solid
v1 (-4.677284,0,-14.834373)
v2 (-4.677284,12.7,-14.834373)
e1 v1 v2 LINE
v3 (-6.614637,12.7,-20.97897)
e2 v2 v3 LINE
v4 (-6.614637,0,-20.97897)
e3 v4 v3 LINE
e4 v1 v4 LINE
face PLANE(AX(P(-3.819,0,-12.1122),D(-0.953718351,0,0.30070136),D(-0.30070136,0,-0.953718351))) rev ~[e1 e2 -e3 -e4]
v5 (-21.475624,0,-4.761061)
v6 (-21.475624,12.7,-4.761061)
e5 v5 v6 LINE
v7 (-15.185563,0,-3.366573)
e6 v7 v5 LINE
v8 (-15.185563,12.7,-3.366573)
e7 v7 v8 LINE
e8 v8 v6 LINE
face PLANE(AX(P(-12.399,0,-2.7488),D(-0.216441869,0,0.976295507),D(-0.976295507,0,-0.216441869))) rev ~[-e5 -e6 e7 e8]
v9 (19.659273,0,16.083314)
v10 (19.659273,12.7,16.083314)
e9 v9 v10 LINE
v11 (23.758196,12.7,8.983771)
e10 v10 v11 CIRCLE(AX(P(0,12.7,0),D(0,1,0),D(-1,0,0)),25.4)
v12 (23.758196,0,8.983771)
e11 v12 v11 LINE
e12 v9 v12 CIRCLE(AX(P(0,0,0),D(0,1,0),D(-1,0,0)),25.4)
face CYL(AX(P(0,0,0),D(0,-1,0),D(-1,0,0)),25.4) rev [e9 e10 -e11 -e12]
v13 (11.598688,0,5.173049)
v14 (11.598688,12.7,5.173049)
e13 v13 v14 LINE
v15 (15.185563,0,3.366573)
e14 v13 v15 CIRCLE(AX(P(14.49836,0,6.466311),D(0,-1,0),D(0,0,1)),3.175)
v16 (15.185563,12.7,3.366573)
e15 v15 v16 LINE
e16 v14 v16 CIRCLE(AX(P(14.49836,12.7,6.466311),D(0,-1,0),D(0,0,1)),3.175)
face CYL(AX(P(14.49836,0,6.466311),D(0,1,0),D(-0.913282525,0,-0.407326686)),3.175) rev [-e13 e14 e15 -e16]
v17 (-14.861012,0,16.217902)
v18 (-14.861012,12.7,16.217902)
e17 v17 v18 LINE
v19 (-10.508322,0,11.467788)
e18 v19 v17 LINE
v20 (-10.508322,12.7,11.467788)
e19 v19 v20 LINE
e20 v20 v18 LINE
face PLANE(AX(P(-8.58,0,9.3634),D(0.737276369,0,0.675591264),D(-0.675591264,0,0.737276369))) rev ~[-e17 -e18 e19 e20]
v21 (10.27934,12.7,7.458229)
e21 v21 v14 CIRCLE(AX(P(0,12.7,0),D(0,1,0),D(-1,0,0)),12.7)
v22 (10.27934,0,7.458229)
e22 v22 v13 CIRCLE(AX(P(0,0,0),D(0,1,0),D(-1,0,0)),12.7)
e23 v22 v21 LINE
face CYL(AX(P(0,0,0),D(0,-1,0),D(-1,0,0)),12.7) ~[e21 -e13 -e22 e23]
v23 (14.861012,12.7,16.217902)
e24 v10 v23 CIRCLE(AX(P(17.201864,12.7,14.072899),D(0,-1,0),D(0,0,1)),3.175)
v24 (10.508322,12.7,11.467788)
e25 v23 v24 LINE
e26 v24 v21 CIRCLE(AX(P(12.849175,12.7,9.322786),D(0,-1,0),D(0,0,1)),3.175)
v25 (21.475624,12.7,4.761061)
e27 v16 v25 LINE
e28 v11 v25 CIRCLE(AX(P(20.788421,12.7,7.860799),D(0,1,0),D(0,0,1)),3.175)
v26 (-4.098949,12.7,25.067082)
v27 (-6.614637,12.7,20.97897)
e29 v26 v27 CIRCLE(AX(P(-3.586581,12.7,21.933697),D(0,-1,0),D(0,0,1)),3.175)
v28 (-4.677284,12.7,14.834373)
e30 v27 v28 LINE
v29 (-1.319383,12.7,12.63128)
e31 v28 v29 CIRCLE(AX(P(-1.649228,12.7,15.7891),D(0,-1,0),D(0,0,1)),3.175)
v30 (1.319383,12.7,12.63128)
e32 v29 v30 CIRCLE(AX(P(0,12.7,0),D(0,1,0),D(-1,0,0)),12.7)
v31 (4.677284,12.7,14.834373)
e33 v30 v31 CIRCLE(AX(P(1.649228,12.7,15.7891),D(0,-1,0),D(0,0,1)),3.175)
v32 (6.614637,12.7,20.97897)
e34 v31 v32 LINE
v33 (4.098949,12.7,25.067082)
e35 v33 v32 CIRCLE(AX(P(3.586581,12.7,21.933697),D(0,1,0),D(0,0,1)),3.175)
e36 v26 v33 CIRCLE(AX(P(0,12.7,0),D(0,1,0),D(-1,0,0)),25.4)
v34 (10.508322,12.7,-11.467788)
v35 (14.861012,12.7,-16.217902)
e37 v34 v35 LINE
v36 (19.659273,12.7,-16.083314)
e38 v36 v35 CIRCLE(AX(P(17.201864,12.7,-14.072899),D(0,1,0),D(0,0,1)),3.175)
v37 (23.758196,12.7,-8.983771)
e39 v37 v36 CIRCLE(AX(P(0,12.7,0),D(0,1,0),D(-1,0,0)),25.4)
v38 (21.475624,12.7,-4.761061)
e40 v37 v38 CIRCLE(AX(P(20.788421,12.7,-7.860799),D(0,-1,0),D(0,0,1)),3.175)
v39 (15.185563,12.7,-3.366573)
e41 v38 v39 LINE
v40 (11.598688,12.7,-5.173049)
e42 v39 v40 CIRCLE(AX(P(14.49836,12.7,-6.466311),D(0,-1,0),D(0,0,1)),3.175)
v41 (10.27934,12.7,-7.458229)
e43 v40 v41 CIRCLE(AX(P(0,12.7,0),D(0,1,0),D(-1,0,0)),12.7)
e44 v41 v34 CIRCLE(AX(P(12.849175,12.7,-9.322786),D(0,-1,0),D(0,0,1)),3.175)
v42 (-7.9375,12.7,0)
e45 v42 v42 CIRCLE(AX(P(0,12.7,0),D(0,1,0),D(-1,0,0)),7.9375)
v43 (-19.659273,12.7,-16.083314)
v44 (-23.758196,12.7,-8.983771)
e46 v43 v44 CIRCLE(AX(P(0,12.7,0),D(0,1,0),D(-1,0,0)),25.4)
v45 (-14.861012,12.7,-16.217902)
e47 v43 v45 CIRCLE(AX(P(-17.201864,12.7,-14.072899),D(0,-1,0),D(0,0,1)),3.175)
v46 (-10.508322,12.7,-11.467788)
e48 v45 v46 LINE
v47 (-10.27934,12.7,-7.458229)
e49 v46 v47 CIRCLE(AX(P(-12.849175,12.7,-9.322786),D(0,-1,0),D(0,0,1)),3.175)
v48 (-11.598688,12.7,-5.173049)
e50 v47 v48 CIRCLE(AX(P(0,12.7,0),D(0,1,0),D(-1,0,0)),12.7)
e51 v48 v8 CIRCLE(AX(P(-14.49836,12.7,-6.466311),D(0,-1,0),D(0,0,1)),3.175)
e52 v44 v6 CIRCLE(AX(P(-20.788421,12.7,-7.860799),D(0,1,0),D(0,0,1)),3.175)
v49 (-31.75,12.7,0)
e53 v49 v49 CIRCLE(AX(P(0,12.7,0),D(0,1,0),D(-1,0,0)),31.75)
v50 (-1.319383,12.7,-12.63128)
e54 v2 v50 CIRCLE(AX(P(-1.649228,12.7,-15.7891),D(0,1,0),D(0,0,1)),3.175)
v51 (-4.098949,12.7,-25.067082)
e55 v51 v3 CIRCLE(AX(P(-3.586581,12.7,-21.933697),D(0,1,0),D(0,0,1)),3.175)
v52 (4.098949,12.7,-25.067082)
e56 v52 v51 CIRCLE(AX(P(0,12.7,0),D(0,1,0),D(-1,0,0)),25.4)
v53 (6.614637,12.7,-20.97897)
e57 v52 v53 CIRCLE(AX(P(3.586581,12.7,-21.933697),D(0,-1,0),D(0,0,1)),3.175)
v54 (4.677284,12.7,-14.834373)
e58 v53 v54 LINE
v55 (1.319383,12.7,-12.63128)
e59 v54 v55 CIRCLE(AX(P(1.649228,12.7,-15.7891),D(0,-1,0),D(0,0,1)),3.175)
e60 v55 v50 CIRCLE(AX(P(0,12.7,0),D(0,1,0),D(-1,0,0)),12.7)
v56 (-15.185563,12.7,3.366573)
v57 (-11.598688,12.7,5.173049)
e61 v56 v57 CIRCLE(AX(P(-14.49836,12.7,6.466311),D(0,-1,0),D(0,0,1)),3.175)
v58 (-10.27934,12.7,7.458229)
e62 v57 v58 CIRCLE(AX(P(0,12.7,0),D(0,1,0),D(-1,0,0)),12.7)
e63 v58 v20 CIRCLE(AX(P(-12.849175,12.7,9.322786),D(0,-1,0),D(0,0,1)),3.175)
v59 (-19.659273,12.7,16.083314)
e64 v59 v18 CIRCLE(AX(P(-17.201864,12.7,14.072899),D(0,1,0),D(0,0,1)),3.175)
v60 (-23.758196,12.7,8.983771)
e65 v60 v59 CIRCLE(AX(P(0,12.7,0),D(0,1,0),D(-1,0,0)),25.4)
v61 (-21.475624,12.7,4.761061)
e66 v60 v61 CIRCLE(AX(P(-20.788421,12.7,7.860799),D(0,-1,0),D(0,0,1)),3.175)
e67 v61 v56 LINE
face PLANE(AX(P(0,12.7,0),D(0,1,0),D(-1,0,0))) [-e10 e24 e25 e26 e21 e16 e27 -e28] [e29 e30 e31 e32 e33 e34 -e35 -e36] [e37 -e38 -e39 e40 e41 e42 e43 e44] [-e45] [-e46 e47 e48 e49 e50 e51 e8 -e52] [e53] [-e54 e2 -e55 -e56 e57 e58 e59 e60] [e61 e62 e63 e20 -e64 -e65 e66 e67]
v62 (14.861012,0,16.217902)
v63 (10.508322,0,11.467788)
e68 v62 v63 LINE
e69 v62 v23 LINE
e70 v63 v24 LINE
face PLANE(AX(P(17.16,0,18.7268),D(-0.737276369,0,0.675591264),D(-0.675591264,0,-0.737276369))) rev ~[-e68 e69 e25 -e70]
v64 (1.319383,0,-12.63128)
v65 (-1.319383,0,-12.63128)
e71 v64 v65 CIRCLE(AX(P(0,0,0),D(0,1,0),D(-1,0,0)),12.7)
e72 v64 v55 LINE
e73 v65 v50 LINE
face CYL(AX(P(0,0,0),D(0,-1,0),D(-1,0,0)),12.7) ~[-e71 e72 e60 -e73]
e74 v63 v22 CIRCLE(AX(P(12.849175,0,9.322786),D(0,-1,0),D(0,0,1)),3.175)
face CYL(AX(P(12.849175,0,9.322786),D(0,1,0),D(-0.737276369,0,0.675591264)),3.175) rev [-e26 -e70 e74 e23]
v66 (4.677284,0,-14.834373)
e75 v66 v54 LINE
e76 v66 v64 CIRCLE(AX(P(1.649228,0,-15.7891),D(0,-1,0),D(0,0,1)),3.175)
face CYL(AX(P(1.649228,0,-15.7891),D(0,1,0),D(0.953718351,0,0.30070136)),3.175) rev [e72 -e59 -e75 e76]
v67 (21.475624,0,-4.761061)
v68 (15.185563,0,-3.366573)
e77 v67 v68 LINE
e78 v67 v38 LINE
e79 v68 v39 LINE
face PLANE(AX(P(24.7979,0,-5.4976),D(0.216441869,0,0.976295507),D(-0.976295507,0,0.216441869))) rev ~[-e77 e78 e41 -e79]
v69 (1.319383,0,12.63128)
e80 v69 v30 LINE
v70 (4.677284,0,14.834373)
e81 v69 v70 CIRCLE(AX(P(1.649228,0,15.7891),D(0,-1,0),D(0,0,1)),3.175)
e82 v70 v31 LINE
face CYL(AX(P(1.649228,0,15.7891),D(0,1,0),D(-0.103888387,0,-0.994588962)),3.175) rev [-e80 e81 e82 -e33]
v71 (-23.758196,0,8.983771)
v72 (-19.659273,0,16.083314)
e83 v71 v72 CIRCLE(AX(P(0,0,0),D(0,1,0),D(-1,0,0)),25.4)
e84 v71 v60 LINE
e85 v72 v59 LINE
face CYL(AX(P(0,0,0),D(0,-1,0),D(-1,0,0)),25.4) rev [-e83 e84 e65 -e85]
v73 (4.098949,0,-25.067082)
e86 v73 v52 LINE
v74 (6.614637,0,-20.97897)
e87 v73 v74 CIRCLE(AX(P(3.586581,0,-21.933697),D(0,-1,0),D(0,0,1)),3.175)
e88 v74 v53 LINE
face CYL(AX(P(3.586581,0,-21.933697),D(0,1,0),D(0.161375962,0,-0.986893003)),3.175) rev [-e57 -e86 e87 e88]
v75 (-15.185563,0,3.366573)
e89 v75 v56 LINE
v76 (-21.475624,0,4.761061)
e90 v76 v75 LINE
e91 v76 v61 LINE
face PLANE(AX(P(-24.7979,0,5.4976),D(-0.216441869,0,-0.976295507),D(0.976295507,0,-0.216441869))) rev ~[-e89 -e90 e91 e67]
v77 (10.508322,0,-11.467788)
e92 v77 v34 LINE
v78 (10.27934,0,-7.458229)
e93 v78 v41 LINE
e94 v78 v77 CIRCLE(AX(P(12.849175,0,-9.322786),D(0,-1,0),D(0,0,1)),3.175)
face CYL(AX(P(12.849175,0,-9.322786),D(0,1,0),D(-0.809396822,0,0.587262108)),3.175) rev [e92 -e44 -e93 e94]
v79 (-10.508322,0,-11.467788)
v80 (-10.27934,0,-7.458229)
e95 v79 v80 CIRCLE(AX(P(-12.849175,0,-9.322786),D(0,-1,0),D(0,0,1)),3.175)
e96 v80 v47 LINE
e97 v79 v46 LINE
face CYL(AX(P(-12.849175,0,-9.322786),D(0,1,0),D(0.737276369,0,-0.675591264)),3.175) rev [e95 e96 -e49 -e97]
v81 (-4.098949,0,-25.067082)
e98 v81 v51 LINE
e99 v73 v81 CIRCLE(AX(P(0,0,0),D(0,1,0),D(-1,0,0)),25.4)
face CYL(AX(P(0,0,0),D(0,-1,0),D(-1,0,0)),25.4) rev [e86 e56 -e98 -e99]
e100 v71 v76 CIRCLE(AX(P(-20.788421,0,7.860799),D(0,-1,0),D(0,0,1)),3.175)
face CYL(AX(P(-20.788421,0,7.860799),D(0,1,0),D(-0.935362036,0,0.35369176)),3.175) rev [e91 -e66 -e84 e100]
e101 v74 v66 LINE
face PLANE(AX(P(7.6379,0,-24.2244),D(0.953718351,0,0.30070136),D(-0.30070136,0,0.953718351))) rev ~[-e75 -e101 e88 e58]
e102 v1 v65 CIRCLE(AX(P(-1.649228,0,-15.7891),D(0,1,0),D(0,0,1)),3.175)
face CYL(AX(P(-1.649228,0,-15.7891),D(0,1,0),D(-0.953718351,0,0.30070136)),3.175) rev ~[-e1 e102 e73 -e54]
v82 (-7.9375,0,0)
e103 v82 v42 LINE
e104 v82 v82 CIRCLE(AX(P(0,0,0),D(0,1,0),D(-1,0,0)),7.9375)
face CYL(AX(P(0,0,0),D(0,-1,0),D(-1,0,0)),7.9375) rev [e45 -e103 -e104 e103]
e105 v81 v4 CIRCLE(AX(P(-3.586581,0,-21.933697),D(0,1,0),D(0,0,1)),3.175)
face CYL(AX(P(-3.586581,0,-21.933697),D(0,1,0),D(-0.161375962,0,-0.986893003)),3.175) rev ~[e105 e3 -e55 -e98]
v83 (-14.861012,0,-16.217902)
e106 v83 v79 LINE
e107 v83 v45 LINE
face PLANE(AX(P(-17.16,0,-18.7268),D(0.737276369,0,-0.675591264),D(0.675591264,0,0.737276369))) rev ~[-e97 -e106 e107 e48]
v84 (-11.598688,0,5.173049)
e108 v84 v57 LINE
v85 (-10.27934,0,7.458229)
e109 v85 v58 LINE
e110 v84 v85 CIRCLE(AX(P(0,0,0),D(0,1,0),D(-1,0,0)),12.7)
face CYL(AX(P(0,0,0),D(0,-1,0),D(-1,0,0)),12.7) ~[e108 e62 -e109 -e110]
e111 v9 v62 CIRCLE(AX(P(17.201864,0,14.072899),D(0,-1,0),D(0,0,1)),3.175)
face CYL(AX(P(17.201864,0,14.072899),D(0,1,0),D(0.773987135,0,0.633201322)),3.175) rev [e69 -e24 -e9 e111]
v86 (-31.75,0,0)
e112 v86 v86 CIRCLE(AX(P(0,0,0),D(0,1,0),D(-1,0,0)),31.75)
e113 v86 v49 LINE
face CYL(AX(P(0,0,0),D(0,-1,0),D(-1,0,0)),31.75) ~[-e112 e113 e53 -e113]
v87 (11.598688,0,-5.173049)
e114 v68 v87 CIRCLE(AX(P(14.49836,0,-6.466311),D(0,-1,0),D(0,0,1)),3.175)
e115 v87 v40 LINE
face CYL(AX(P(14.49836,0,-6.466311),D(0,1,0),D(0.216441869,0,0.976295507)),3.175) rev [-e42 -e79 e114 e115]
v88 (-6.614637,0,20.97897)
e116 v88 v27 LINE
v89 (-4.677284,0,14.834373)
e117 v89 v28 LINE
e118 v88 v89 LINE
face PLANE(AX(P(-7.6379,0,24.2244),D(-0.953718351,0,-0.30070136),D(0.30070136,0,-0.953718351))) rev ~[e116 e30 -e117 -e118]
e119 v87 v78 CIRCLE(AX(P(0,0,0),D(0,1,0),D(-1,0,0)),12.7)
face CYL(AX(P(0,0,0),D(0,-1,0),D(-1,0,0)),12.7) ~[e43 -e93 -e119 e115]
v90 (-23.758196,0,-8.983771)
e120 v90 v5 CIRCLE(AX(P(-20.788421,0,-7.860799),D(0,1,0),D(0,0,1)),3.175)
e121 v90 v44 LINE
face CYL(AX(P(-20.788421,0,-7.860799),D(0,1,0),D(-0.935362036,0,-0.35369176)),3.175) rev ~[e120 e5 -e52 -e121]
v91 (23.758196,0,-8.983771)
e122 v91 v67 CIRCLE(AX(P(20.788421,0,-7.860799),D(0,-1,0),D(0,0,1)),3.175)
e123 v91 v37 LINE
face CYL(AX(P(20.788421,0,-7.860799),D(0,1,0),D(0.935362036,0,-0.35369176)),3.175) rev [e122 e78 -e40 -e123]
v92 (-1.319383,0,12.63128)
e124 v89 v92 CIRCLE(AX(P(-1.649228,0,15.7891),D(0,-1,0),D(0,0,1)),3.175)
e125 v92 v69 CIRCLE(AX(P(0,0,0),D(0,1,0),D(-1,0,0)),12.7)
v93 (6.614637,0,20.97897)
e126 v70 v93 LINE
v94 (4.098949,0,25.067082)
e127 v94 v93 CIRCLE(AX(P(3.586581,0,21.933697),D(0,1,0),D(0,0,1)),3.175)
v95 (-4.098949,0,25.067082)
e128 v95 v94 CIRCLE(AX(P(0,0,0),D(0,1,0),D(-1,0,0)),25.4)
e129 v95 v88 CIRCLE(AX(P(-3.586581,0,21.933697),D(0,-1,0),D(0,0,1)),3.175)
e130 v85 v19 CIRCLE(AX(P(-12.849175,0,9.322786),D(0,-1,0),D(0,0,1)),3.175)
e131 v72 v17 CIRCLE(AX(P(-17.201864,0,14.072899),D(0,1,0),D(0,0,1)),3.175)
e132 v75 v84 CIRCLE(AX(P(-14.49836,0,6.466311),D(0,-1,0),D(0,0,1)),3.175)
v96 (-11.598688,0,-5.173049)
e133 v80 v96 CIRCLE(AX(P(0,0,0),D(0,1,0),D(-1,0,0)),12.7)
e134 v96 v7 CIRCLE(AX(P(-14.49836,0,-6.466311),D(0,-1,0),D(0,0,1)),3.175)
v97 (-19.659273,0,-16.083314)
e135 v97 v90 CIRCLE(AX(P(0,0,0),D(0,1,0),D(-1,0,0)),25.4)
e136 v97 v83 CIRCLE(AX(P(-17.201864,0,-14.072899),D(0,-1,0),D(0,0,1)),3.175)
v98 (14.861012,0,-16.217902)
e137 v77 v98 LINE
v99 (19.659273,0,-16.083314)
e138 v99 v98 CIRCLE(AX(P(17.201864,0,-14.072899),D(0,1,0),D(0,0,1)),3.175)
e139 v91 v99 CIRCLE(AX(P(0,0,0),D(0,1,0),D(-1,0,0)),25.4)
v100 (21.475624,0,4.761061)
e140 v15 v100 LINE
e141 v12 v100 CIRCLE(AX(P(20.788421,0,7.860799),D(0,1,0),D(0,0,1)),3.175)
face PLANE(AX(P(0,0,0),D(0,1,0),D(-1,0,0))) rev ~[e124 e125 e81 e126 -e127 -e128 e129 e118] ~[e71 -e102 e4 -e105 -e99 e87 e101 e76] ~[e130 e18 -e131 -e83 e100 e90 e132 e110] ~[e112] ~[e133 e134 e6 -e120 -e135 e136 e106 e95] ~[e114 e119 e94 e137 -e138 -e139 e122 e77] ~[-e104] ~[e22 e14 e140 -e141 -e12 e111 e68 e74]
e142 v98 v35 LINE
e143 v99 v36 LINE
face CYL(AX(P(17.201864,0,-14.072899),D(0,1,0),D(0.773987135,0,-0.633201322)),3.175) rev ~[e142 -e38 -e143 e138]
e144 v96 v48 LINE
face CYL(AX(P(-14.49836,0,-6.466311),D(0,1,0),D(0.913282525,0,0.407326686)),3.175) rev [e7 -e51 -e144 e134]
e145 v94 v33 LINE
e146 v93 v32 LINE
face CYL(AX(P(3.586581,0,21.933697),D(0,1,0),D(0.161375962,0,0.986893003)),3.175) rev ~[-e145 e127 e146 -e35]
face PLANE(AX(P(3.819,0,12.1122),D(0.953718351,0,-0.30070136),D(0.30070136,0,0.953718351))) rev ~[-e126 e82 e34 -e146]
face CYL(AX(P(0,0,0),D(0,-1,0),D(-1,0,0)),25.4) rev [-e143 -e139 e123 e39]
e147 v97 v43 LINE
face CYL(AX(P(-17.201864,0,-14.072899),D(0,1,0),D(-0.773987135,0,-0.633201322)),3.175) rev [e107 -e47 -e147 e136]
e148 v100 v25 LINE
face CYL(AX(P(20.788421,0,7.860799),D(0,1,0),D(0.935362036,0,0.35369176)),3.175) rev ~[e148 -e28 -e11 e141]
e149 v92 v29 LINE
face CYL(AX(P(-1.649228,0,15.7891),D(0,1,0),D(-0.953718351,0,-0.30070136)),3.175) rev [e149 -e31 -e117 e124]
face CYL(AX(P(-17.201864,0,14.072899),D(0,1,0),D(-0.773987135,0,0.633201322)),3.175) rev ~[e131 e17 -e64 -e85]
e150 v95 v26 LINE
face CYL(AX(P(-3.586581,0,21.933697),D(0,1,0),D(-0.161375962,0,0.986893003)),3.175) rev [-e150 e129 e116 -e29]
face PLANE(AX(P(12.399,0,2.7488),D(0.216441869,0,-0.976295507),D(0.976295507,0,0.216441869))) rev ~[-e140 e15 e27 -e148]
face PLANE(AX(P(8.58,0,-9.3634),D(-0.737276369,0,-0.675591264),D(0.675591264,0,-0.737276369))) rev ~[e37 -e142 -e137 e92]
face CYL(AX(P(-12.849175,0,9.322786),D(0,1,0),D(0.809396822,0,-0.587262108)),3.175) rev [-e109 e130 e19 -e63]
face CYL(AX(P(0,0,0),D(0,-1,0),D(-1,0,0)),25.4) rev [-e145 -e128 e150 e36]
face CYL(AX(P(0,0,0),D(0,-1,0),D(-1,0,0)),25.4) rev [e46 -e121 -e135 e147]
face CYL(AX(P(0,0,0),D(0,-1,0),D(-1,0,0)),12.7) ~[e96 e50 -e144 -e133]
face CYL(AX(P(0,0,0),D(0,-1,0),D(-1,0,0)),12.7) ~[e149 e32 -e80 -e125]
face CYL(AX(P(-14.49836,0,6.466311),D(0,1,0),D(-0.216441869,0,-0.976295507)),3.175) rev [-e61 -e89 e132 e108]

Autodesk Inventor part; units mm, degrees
ref_plane "YZ Plane" through (0, 0, 0) normal (1, 0, 0) x (0, 1, 0)
ref_plane "XZ Plane" through (0, 0, 0) normal (0, 1, 0) x (-1, 0, 0)
ref_plane "XY Plane" through (0, 0, 0) normal (0, 0, 1) x (1, 0, 0)
sketch "Sketch1" plane through (0, 0, 0) normal (0, 1, 0) x (-1, 0, 0)
  circle A0 centre (0, 0) radius 31.75
  circle A1 centre (0, 0) radius 12.7
  circle A2 centre (0, 0) radius 25.4
  line L0 (24.7979, 5.4976) -> (12.399, 2.7488)
  line L1 (12.399, -2.7488) -> (24.7979, -5.4976)
  circle A3 centre (0, 0) radius 7.9375
  line L2 (0, 0) -> (7.9375, 0) construction
  line L3 (8.58, 9.3634) -> (17.16, 18.7268)
  line L4 (7.6379, 24.2244) -> (3.819, 12.1122)
  line L5 (-3.819, 12.1122) -> (-7.6379, 24.2244)
  line L6 (-17.16, 18.7268) -> (-8.58, 9.3634)
  line L7 (-12.399, 2.7488) -> (-24.7979, 5.4976)
  line L8 (-24.7979, -5.4976) -> (-12.399, -2.7488)
  line L9 (-8.58, -9.3634) -> (-17.16, -18.7268)
  line L10 (-7.6379, -24.2244) -> (-3.819, -12.1122)
  line L11 (3.819, -12.1122) -> (7.6379, -24.2244)
  line L12 (17.16, -18.7268) -> (8.58, -9.3634)
  dimension "d3" = 15.875
  dimension "d0" = 63.5
  dimension "d1" = 25.4
  dimension "d2" = 50.8
  dimension "d4" = 25
  dimension "d7" = 360
extrude "Extrusion1" add sketch "Sketch1" along normal blind 12.7 contours A0 | A1 | A1 L0 A2 L1 | A1 L4 A2 L3 | L12 A2 L11 A1 | A1 L6 A2 L5 | L10 A2 L9 A1 | A1 L8 A2 L7
fillet "Fillet1" radius 3.175 4 edges at (-3.819, 6.35, -12.1122) (3.819, 6.35, -12.1122) (7.6379, 6.35, -24.2244) (-7.6379, 6.35, -24.2244)
pattern_circular "Circular Pattern1" count 6 over 360 about axis through (0, 0, 0) along (0, 1, 0) of "Fillet1"
properties part number "2.5in flex"
